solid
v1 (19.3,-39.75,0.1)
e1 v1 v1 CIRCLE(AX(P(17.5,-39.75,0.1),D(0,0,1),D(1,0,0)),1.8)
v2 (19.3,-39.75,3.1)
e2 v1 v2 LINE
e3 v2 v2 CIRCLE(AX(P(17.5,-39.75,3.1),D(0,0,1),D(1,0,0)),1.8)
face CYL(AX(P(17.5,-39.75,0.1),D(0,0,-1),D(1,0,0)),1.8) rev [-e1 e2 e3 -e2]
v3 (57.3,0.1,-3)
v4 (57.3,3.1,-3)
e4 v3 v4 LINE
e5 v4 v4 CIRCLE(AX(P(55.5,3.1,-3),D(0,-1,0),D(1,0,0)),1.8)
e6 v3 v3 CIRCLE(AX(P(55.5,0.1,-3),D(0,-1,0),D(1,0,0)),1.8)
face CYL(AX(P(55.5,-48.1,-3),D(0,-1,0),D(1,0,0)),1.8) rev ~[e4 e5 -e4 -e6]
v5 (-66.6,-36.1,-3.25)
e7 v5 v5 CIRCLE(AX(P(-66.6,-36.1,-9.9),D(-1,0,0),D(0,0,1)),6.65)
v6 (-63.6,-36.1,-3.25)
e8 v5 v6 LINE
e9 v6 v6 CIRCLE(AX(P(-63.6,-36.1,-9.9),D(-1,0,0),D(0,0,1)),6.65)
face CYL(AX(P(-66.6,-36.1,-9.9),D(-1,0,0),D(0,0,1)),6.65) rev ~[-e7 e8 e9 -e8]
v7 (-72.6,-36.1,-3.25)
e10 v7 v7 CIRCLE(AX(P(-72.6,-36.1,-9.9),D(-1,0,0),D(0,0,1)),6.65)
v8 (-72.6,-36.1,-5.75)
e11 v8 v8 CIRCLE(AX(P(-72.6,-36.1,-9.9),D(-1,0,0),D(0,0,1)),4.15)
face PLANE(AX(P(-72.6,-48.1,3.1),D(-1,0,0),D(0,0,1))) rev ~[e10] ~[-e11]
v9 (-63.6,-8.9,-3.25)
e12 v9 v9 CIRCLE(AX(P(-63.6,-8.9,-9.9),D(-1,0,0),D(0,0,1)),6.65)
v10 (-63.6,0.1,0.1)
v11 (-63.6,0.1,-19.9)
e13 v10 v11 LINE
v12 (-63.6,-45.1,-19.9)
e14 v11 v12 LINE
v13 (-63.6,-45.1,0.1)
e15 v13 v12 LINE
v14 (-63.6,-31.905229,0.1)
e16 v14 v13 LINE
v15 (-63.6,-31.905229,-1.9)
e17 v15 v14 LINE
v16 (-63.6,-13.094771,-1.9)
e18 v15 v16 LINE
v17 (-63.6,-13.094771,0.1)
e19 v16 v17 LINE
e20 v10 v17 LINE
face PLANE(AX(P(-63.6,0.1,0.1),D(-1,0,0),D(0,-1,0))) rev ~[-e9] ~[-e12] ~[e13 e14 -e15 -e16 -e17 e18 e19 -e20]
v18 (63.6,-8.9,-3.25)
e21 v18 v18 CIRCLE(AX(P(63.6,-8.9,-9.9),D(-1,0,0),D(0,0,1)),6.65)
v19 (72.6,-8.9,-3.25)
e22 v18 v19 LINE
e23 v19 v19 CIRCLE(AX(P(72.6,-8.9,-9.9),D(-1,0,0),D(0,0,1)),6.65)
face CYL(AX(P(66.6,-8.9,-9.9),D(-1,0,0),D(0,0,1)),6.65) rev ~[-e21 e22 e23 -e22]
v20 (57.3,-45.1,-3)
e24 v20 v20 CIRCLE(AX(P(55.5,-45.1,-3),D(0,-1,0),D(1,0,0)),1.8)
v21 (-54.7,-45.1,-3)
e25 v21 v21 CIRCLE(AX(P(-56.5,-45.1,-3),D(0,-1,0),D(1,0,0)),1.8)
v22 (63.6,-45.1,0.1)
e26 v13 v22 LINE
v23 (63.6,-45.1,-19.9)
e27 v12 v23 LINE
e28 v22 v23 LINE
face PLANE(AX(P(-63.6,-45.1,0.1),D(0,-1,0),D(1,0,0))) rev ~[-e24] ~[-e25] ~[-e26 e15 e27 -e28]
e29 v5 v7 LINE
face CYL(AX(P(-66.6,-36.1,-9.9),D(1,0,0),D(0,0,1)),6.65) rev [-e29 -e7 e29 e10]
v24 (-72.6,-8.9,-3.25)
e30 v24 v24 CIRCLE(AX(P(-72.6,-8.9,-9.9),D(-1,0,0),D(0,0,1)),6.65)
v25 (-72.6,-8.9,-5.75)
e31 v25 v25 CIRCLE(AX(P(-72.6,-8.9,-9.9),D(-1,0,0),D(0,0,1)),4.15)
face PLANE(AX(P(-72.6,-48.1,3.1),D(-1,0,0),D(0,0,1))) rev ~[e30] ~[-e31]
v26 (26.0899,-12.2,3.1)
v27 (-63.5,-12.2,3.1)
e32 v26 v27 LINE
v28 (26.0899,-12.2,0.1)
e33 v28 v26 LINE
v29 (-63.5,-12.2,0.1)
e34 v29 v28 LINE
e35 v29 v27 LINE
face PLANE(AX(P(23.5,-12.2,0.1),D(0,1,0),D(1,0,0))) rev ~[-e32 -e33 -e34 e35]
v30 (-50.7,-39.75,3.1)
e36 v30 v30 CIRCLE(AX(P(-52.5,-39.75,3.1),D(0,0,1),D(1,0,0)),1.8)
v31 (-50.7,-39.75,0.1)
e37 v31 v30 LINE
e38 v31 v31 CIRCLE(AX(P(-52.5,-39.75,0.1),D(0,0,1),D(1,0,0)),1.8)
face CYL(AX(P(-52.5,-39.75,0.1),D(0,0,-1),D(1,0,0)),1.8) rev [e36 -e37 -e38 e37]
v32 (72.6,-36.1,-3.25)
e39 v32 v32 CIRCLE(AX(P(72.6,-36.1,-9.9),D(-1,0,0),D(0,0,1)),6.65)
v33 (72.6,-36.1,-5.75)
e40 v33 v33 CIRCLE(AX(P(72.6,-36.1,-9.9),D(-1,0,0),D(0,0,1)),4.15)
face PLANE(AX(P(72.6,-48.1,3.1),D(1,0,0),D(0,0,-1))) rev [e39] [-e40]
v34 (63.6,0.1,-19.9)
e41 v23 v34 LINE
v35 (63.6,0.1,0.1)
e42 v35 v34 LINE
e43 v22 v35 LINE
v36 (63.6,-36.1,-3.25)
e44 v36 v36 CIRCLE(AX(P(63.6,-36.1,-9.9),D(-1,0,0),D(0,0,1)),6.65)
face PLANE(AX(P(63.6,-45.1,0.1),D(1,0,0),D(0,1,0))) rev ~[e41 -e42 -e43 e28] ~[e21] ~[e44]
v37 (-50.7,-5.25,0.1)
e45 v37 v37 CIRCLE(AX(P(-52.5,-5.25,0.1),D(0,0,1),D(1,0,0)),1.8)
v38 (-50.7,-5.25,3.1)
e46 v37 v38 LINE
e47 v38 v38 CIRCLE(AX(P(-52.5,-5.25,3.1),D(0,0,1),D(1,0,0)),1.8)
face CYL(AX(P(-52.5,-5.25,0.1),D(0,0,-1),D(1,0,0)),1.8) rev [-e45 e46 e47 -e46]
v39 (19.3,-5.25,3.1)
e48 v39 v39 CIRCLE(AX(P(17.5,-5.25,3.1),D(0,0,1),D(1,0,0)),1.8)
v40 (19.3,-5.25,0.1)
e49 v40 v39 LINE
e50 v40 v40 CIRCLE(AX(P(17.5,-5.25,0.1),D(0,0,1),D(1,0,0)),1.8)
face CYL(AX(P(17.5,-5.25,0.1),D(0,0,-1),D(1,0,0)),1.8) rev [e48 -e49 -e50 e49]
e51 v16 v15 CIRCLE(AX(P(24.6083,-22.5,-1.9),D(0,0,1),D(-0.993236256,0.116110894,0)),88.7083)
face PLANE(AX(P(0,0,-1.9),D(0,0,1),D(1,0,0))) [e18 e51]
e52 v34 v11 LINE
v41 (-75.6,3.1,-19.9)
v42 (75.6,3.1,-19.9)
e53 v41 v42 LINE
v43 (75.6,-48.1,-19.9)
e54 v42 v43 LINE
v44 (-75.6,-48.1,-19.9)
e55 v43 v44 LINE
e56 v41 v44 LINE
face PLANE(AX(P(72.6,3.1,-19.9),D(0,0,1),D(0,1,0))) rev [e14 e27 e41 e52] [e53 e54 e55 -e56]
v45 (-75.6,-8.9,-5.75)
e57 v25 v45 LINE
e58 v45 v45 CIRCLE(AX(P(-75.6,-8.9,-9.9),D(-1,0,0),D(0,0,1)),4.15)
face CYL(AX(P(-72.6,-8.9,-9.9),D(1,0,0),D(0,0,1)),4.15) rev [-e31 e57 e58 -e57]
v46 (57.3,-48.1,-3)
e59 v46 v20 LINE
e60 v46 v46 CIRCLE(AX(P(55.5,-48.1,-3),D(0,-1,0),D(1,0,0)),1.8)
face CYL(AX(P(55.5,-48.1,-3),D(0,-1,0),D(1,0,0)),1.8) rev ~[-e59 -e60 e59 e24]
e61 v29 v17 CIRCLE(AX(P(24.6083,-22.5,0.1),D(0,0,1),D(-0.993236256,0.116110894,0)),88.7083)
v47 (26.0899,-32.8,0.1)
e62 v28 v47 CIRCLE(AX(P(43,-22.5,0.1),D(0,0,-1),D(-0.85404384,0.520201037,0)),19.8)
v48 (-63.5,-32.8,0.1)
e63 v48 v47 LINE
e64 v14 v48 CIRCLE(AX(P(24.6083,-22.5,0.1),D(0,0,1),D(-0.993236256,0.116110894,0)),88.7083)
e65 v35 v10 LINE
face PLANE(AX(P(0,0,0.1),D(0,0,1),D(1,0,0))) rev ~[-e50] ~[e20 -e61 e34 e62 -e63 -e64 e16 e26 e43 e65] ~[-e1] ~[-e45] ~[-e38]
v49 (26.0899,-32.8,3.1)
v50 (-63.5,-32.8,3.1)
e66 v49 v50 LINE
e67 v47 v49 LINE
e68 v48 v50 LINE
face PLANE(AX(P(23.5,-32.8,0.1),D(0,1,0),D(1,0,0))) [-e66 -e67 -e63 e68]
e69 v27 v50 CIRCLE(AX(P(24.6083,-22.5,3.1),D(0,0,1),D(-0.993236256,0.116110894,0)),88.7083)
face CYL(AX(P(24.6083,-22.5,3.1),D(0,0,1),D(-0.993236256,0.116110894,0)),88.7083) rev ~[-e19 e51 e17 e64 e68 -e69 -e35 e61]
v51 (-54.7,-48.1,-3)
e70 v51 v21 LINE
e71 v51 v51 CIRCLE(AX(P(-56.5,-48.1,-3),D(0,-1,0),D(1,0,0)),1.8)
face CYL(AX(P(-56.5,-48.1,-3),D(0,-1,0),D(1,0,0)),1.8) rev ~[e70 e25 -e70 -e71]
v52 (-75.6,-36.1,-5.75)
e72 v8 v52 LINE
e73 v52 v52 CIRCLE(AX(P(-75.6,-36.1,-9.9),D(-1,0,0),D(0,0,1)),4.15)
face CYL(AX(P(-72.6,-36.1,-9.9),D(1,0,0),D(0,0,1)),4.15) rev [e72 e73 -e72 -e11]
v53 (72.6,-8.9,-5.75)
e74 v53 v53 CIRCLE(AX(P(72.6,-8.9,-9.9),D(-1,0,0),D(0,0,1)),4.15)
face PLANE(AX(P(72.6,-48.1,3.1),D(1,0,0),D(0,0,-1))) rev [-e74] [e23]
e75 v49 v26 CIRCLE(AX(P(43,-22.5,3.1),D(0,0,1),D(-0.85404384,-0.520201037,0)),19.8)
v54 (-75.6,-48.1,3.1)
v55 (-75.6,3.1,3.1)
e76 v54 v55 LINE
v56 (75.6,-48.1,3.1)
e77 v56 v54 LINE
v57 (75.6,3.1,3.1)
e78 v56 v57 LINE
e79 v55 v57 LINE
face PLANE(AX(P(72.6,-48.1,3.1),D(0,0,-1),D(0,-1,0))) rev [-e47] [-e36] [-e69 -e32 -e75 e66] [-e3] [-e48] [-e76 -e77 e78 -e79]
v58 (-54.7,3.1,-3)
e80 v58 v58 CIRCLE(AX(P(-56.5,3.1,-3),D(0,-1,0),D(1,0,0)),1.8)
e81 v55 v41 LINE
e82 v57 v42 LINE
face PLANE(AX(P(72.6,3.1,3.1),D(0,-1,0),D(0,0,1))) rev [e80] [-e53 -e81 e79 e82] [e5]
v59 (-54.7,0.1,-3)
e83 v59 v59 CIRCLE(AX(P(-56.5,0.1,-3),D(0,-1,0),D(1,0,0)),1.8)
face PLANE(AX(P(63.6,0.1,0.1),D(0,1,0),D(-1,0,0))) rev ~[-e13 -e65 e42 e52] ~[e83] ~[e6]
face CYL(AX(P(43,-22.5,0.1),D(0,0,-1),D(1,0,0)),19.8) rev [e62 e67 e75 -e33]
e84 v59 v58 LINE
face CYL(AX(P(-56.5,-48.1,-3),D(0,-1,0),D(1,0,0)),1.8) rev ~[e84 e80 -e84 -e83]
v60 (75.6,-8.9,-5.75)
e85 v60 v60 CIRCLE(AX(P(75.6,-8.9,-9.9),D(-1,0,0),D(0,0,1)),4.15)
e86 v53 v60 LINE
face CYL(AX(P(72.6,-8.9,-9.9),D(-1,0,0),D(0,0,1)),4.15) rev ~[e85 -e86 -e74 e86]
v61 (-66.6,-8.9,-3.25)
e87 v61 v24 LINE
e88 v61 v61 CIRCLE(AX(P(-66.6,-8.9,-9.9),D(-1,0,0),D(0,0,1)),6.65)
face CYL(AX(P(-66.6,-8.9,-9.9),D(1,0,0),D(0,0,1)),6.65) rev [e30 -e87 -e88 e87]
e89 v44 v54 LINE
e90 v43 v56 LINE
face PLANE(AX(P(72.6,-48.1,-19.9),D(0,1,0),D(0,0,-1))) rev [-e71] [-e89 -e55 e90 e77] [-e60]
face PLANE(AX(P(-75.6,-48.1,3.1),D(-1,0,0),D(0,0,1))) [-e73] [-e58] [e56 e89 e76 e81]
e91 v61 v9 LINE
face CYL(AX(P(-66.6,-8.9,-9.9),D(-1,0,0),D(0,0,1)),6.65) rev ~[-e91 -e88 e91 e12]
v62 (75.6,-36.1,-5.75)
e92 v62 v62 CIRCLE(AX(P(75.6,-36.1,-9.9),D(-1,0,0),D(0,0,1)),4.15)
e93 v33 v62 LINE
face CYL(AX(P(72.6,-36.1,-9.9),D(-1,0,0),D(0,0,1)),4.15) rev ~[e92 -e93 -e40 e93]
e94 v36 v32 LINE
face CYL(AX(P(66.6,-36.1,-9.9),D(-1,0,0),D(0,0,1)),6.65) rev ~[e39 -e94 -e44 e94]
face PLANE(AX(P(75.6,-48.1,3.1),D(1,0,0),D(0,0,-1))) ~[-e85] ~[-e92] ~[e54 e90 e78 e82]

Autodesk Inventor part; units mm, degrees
ref_plane "YZ Plane" through (0, 0, 0) normal (1, 0, 0) x (0, 1, 0)
ref_plane "XZ Plane" through (0, 0, 0) normal (0, 1, 0) x (-1, 0, 0)
ref_plane "Work Plane1" through (0, 0, 0.1) normal (0, 0, 1) x (1, 0, 0)
sketch "Sketch1" plane through (0, 0, 0.1) normal (0, 0, 1) x (1, 0, 0)
  circle A0 centre (-52.5, -39.75) radius 1.5 projected
  circle A1 centre (17.5, -5.25) radius 1.5 projected
  circle A2 centre (-52.5, -5.25) radius 1.5 projected
  circle A3 centre (17.5, -39.75) radius 1.5 projected
  line L0 (-62.5, -18) -> (-24, -18) projected
  line L1 (-24, -18) -> (-24, -27) projected
  line L2 (-24, -27) -> (-62.5, -27) projected
  line L3 (-62.5, -44) -> (-62.5, -27) construction
  line L4 (62.5, -44) -> (-62.5, -44) construction
  line L5 (62.5, -22.5) -> (62.5, -44) construction
  circle A4 centre (43, -22.5) radius 19.5 projected
  line L6 (62.5, -1) -> (62.5, -22.5) construction
  line L7 (-62.5, -1) -> (62.5, -1) construction
  line L8 (-62.5, -18) -> (-62.5, -1) construction
  circle A5 centre (43, -22.5) radius 19.8
  line L9 (23.5, -12.5) -> (-24, -12.5)
  line L10 (23.5, -32.5) -> (-24, -32.5)
  line L11 (23.5, -12.2) -> (-24, -12.2)
  line L12 (23.5, -32.8) -> (-24, -32.8)
  line L13 (-63.5, 0) -> (-63.5, -45) projected
  line L14 (63.5, 0) -> (-63.5, 0) projected
  line L15 (-63.5, -45) -> (63.5, -45) projected
  line L16 (63.5, -45) -> (63.5, 0) projected
  line L17 (66.6, -48.1) -> (-66.6, -48.1)
  line L18 (-66.6, -48.1) -> (-66.6, 3.1)
  line L19 (-66.6, 3.1) -> (66.6, 3.1)
  line L20 (66.6, 3.1) -> (66.6, -48.1)
  circle A6 centre (17.5, -39.75) radius 1.8
  circle A7 centre (17.5, -5.25) radius 1.8
  circle A8 centre (-52.5, -39.75) radius 1.8
  circle A9 centre (-52.5, -5.25) radius 1.8
  line L21 (23.5, -32.8) -> (26.0899, -32.8)
  line L22 (23.5, -12.2) -> (26.0899, -12.2)
  line L23 (-24, -12.2) -> (-63.5, -12.2)
  line L24 (-24, -32.8) -> (-63.5, -32.8)
  point P0 (0, 0)
  dimension "d0" = 0.3
  dimension "d1" = 0.3
  dimension "d2" = 0.3
  dimension "d3" = 3.1
  dimension "d4" = 0.3
  dimension "d5" = 0.3
  dimension "d6" = 0.3
  dimension "d7" = 0.3
extrude "Extrusion1" add sketch "Sketch1" along normal blind 3 contours A5 L22 L11 L23 L13 L14 L16 L15 L24 L12 L21 | L17 L18 L19 L20
sketch "Sketch2" plane through (0, 0, 0.1) normal (0, 0, -1) x (-1, 0, 0)
  circle A0 centre (52.5, -5.25) radius 1.8 construction
  circle A1 centre (52.5, -39.75) radius 1.8 construction
  circle A2 centre (-17.5, -5.25) radius 1.8 construction
  circle A3 centre (-17.5, -39.75) radius 1.8 construction
  line L0 (-66.6, -48.1) -> (66.6, -48.1) projected
  line L1 (66.6, -48.1) -> (66.6, 3.1) projected
  line L2 (66.6, 3.1) -> (-66.6, 3.1) projected
  line L3 (-66.6, 3.1) -> (-66.6, -48.1) projected
  line L4 (-26.0899, -12.2) -> (63.5, -12.2) construction
  line L5 (63.5, -12.2) -> (63.5, -32.8) construction
  line L6 (63.5, -32.8) -> (-26.0899, -32.8) construction
  arc A4 (-26.0899, -12.2) -> (-26.0899, -32.8) centre (-43, -22.5) ccw construction
  line L7 (-63.6, 0.1) -> (63.6, 0.1)
  line L8 (63.6, 0.1) -> (63.6, -45.1)
  line L9 (63.6, -45.1) -> (-63.6, -45.1)
  line L10 (-63.6, -45.1) -> (-63.6, 0.1)
  point P0 (0, 0)
  dimension "d10" = 3
extrude "Extrusion2" add sketch "Sketch2" along normal blind 20
sketch "Sketch3" plane through (-66.6, -48.1, 3.1) normal (0, -1, 0) x (1, 0, 0)
  line L0 (3.1, -4.1) -> (130.1, -4.1) construction
  line L1 (3.1, -119.3) -> (3.1, -4.1) projected
  line L2 (3.1, -119.3) -> (130.1, -119.3) projected
  line L3 (130.1, -4.1) -> (130.1, -119.3) projected
  circle A0 centre (122.1, -6.1) radius 1.5 construction
  circle A1 centre (10.1, -6.1) radius 1.5 construction
  circle A2 centre (10.1, -6.1) radius 1.8
  circle A3 centre (122.1, -6.1) radius 1.8
  point P0 (66.6, -3.1)
  dimension "d13" = 0.3
  dimension "d14" = 0.3
extrude "Extrusion3" cut sketch "Sketch3" against normal through all
sketch "Sketch4" plane through (-66.6, -48.1, 3.1) normal (-1, 0, 0) x (0, 0, 1)
  line L0 (-4.1, 3.1) -> (-4.1, 48.1) construction
  line L1 (-4.1, 3.1) -> (-119.3, 3.1) construction
  line L2 (-119.3, 3.1) -> (-119.3, 48.1) projected
  line L3 (-119.3, 48.1) -> (-4.1, 48.1) construction
  circle A0 centre (-6.1, 9.1) radius 1.5 construction
  circle A1 centre (-6.1, 42.1) radius 1.5 construction
  circle A2 centre (-13, 12) radius 6.65
  line L4 (0, 0) -> (-23, 0) projected
  line L5 (-23, 0) -> (-23, 51.2) projected
  line L6 (-23, 25.6) -> (0, 25.6) construction
  line L7 (0, 15.3) -> (0, 35.9) projected
  circle A3 centre (-13, 39.2) radius 6.65
  point P0 (-3.1, 48.1)
  dimension "d17" = 13.3
  dimension "d18" = 12
  dimension "d19" = 10
extrude "Extrusion4" cut sketch "Sketch4" against normal through all
sketch "Sketch5" plane through (-66.6, -48.1, 3.1) normal (-1, 0, 0) x (0, 0, 1)
  circle A0 centre (-13, 12) radius 6.65 projected
  circle A1 centre (-13, 39.2) radius 6.65 projected
  line L0 (0, 0) -> (-23, 0) projected
  line L1 (0, 51.2) -> (0, 0) projected
  line L2 (0, 51.2) -> (-23, 51.2) projected
  line L3 (-23, 0) -> (-23, 51.2) projected
  point P0 (-3.1, 48.1)
extrude "Extrusion5" add sketch "Sketch5" along normal blind 6
sketch "Sketch6" plane through (-72.6, -48.1, 3.1) normal (-1, 0, 0) x (0, 0, 1)
  circle A0 centre (-13, 39.2) radius 6.65 construction
  circle A1 centre (-13, 12) radius 6.65 construction
  line L0 (-23, 0) -> (0, 0) projected
  line L1 (0, 0) -> (0, 51.2) projected
  line L2 (0, 51.2) -> (-23, 51.2) projected
  line L3 (-23, 51.2) -> (-23, 0) projected
  circle A2 centre (-13, 12) radius 4.15
  circle A3 centre (-13, 39.2) radius 4.15
  point P0 (-3.1, 48.1)
  dimension "d24" = 8.3
  dimension "d25" = 8.3
extrude "Extrusion6" add sketch "Sketch6" along normal blind 3
ref_plane "Work Plane2" through (0, -45.1, 0.1) normal (1, 0, 0) x (0, 0, -1)
mirror "Mirror1" about plane through (0, -45.1, 0.1) normal (1, 0, 0) of "Extrusion5", "Extrusion6"
ref_plane "Work Plane3" through (-63.5, -27, 0) normal (0, 0, -1) x (0, 1, 0)
sketch "Sketch7" plane through (0, 0, 3.1) normal (0, 0, 1) x (1, 0, 0)
  circle A0 centre (-52.5, -5.25) radius 1.8 projected
  circle A1 centre (-52.5, -39.75) radius 1.8 projected
  circle A2 centre (17.5, -5.25) radius 1.8 projected
  circle A3 centre (17.5, -39.75) radius 1.8 projected
  line L0 (75.6, -48.1) -> (-75.6, -48.1) projected
  line L1 (75.6, -48.1) -> (75.6, 3.1) projected
  line L2 (-75.6, 3.1) -> (75.6, 3.1) projected
  line L3 (-75.6, -48.1) -> (-75.6, 3.1) projected
  line L4 (26.0899, -32.8) -> (-63.5, -32.8) projected
  line L5 (-63.5, -32.8) -> (-63.5, -12.2) projected
  line L6 (-63.5, -12.2) -> (26.0899, -12.2) projected
  arc A4 (26.0899, -32.8) -> (26.0899, -12.2) centre (43, -22.5) ccw projected
  line L7 (-63.5, -12.2) -> (-63.5, -32.8) projected
  line L8 (-63.6, 0.1) -> (-63.6, -45.1) construction
  arc A5 (-63.5, -12.2) -> (-63.5, -32.8) centre (24.6083, -22.5) ccw
  point P0 (0, 0)
  point P1 (-63.6, -22.5)
  point P2 (-64.1, -22.5)
  dimension "d28" = 0.5
extrude "Extrusion7" cut sketch "Sketch7" against normal blind 5 contours A5 L5
properties part number "Syringe Pump Holder"
